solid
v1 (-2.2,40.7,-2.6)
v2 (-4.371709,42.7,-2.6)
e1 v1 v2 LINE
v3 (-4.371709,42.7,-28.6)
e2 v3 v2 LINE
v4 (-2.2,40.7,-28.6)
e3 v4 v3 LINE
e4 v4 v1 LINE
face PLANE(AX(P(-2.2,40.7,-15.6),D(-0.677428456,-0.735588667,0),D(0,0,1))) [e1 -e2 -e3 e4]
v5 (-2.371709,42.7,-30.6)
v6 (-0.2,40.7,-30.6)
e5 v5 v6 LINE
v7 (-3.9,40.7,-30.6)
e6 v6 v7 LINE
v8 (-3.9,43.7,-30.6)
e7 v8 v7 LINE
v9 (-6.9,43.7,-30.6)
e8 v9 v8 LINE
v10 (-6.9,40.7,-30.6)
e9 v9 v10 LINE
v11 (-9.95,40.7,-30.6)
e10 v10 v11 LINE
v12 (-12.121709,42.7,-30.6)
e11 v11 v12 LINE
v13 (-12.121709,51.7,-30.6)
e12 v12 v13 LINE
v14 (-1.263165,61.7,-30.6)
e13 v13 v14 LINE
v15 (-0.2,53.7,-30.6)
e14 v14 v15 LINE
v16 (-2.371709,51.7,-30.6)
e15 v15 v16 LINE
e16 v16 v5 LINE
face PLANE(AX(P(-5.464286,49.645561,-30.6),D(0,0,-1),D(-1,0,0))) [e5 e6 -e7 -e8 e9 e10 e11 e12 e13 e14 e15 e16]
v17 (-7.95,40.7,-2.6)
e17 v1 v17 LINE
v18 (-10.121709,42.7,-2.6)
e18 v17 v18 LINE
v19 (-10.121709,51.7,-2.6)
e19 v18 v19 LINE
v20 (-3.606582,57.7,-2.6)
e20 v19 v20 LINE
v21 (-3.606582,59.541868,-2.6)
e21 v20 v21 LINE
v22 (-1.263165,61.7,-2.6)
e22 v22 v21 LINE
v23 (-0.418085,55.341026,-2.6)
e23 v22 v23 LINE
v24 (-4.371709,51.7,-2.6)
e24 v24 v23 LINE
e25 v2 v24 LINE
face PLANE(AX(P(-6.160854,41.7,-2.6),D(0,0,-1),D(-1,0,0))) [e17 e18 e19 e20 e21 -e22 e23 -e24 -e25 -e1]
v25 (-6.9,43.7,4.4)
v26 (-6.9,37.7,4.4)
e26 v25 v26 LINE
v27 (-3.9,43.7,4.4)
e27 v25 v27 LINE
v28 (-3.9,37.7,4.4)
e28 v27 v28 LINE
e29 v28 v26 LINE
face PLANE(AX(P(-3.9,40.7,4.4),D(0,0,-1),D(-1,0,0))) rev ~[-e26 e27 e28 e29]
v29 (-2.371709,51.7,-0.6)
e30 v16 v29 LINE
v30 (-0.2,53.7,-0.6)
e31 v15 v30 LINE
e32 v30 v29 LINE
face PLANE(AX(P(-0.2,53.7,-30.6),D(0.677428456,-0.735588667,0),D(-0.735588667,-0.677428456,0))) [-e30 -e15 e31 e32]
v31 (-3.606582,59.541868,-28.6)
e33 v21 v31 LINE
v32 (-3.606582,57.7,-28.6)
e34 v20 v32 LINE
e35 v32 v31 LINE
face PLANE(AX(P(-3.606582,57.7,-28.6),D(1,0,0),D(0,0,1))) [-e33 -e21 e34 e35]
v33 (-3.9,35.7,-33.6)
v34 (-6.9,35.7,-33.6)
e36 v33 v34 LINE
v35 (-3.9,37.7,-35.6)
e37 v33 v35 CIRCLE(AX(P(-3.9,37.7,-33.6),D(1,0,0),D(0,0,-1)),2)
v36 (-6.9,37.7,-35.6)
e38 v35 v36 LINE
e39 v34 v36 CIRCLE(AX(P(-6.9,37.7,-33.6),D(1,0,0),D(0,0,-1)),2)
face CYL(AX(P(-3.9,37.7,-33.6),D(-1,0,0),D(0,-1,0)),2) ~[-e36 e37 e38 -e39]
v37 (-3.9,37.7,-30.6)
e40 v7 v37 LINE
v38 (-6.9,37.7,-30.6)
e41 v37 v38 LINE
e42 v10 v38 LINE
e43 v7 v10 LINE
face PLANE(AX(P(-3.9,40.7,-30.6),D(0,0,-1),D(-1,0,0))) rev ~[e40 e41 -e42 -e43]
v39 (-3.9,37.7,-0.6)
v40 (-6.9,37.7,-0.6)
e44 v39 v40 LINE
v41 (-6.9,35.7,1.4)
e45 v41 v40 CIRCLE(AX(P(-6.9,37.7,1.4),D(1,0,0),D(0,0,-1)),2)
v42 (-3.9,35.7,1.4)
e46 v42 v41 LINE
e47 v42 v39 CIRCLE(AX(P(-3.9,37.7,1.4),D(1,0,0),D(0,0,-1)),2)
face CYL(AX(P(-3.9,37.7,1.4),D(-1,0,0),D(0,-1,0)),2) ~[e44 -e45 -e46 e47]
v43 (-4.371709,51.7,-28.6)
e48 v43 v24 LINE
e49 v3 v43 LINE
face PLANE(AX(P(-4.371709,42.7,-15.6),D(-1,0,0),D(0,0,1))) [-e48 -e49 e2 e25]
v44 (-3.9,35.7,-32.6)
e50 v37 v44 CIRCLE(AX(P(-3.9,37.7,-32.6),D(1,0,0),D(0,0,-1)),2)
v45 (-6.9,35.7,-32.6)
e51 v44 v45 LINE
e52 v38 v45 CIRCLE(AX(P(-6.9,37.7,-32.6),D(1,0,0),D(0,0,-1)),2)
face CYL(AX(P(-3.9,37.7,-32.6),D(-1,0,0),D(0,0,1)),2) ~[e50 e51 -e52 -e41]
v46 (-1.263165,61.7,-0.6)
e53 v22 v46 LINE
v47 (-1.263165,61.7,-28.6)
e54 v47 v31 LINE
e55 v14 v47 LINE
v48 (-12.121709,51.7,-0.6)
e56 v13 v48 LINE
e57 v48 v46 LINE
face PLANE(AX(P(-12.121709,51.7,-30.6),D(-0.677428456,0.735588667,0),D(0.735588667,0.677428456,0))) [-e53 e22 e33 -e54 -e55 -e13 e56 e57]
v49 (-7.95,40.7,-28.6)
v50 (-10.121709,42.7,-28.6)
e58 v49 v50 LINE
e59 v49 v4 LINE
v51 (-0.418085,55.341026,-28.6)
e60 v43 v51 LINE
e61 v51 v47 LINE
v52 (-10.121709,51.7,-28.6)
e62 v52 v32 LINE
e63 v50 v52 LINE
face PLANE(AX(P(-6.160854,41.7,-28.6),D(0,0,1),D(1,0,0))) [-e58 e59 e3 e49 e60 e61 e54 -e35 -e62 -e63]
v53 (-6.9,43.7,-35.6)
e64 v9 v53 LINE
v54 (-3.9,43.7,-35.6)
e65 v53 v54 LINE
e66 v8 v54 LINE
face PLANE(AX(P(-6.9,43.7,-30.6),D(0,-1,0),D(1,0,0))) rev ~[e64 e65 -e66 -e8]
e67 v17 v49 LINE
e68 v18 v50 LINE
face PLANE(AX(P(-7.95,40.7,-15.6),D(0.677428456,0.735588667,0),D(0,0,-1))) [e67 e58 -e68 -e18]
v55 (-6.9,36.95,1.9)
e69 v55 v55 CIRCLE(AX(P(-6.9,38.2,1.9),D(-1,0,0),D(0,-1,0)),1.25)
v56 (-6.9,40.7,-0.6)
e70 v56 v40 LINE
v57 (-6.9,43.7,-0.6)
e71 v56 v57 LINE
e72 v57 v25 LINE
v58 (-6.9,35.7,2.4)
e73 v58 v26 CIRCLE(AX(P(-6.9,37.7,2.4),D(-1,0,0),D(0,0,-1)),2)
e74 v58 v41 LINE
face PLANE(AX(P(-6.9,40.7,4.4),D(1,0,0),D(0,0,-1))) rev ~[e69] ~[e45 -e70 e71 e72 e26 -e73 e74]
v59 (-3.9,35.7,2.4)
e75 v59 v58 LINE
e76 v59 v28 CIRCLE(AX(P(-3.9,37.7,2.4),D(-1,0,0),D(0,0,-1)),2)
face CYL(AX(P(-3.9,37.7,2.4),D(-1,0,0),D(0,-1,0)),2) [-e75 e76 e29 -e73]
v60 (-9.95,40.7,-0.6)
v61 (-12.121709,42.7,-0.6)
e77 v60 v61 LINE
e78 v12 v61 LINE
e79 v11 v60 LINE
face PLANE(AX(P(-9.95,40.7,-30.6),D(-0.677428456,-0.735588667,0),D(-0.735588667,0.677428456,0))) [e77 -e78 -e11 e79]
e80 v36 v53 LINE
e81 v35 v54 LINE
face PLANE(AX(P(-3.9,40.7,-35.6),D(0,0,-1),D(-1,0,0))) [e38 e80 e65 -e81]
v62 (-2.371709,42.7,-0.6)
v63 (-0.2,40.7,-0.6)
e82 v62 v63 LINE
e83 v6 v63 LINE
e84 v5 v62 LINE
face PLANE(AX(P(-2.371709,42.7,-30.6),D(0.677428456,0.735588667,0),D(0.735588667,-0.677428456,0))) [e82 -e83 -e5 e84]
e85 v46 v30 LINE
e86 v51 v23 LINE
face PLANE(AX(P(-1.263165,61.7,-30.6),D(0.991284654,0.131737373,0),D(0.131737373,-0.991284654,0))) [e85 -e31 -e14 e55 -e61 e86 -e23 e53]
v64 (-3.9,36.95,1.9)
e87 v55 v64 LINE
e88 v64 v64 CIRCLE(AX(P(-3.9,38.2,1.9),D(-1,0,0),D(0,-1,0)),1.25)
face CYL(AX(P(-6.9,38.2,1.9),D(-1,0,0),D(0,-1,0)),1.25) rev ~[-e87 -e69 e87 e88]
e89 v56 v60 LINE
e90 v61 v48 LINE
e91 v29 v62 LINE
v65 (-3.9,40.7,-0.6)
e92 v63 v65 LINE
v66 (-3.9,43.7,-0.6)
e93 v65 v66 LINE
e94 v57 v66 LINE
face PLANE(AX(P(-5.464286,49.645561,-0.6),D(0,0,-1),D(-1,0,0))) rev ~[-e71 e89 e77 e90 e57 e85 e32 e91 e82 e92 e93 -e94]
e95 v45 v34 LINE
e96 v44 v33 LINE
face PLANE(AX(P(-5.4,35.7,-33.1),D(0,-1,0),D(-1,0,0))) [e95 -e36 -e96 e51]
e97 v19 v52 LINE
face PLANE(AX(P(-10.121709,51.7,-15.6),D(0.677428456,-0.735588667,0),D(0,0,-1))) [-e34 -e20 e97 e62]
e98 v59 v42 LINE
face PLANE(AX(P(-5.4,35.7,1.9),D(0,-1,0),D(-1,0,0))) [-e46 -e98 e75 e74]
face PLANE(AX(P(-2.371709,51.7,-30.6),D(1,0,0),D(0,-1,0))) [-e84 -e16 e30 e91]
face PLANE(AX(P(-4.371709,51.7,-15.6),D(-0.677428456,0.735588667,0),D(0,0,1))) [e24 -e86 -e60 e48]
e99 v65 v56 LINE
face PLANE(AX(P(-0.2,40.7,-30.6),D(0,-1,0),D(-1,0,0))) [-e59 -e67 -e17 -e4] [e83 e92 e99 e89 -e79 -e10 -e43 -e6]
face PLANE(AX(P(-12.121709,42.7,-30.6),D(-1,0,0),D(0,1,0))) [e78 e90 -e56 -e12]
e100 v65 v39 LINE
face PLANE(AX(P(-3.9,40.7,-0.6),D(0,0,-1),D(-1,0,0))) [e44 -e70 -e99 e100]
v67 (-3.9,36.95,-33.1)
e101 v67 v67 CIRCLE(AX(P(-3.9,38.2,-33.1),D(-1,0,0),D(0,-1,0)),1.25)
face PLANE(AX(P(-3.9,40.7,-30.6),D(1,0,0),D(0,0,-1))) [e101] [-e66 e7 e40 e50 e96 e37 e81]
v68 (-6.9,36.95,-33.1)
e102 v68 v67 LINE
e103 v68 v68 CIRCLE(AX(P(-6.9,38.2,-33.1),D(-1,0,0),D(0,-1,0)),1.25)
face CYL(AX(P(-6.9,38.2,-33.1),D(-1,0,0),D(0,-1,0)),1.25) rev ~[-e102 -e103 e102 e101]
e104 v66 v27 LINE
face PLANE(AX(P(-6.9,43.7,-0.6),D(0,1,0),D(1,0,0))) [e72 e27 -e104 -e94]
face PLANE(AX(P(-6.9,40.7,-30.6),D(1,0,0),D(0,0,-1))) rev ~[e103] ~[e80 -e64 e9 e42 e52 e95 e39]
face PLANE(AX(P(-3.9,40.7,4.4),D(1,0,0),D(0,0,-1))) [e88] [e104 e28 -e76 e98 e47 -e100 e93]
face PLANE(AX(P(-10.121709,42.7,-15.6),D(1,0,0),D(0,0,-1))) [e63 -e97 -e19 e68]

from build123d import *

# Parameters (mm, degrees)
PAD007_DEPTH    = 30
SKETCH021_W     = 5.75
SKETCH021_H     = 26
SKETCH023_W     = 2.875
SKETCH023_H     = 26
POCKET009_DEPTH = 5
SKETCH024_W     = 3
SKETCH024_H     = 3
PAD008_DEPTH    = 5
PAD008_FACE6_W  = 3
PAD008_FACE6_H  = 5
PAD009_DEPTH    = 5
SKETCH025_W     = 3
SKETCH025_H     = 3
PAD010_DEPTH    = 5
PAD010_FACE7_W  = 3
PAD010_FACE7_H  = 5
PAD011_DEPTH    = 5
SKETCH026_R     = 1.25
POCKET010_DEPTH = 5
FILLET_R        = 2


with BuildPart() as part:
    # Sketch020 → Pad007 (new body)
    with BuildSketch(Plane.XY):
        Polygon((-9.75, -21), (-11.9217087917, -19), (-11.9217087917, -10), (-1.063164833, 0), (0, -8), (-2.1717087917, -10), (-2.1717087917, -19), (0, -21), align=None)
    extrude(amount=PAD007_DEPTH)

    # SubtractivePipe: sweep along a path in Sketch022
    with BuildLine(Plane.XY.offset(30)) as subtractivepipe_path:
        Line((-4.875, -21), (-7.0467087917, -19))
        Line((-7.0467087917, -19), (-7.0467087917, -10))
        Line((-7.0467087917, -10), (-0.5315824165, -4))
    # Sketch021 (on Face8 of Pad007) → SubtractivePipe (sweep, cut)
    with BuildSketch(Plane.XZ.offset(21)):
        with Locations((-4.875, 15)):
            Rectangle(SKETCH021_W, SKETCH021_H)
    sweep(path=subtractivepipe_path.line, mode=Mode.SUBTRACT)

    # Sketch023 (on Face22 of SubtractivePipe) → Pocket009 (cut)
    with BuildSketch(Plane.XZ.offset(4)):
        with Locations((-1.9690824165, 15)):
            Rectangle(SKETCH023_W, SKETCH023_H)
    extrude(amount=-POCKET009_DEPTH, mode=Mode.SUBTRACT)

    # Sketch024 (on Face4 of Pocket009) → Pad008 (join)
    with BuildSketch(Plane(origin=(0, 0, 0), x_dir=(1, 0, 0), z_dir=(0, 0, -1))):
        with Locations((-5.2, 19.5)):
            Rectangle(SKETCH024_W, SKETCH024_H)
    extrude(amount=PAD008_DEPTH)

    # Pad008 Face6 → Pad009 (add)
    with BuildSketch(Plane(origin=(-5.2, -21, -2.5), x_dir=(-1, 0, 0), z_dir=(0, -1, 0))):
        Rectangle(PAD008_FACE6_W, PAD008_FACE6_H)
    extrude(amount=PAD009_DEPTH)

    # Sketch025 (on Face5 of Pad009) → Pad010 (join)
    with BuildSketch(Plane.XY.offset(30)):
        with Locations((-5.2, -19.5)):
            Rectangle(SKETCH025_W, SKETCH025_H)
    extrude(amount=PAD010_DEPTH)

    # Pad010 Face7 → Pad011 (add)
    with BuildSketch(Plane(origin=(-5.2, -21, 32.5), x_dir=(-1, 0, 0), z_dir=(0, -1, 0))):
        Rectangle(PAD010_FACE7_W, PAD010_FACE7_H)
    extrude(amount=PAD011_DEPTH)

    # Sketch026 → Pocket010 (cut)
    with BuildSketch(Plane(origin=(-6.7, 0, 0), x_dir=(0, -1, 0), z_dir=(-1, 0, 0))):
        with Locations((23.5, -2.5)):
            Circle(SKETCH026_R)
        with Locations((23.5, 32.5)):
            Circle(SKETCH026_R)
    extrude(amount=-POCKET010_DEPTH, mode=Mode.SUBTRACT)

    # Fillet
    fillet_edges = [part.edges().sort_by_distance(p)[0] for p in [
        (-5.2, -26, 35),
        (-5.2, -26, 30),
        (-5.2, -26, 0),
        (-5.2, -26, -5),
    ]]
    fillet(fillet_edges, radius=FILLET_R)


with BuildPart() as part_1:
    # Body002 placement: moved
    add(part.part.moved(Location((-0.2, 61.7, -30.6))))


solid = part_1.part
